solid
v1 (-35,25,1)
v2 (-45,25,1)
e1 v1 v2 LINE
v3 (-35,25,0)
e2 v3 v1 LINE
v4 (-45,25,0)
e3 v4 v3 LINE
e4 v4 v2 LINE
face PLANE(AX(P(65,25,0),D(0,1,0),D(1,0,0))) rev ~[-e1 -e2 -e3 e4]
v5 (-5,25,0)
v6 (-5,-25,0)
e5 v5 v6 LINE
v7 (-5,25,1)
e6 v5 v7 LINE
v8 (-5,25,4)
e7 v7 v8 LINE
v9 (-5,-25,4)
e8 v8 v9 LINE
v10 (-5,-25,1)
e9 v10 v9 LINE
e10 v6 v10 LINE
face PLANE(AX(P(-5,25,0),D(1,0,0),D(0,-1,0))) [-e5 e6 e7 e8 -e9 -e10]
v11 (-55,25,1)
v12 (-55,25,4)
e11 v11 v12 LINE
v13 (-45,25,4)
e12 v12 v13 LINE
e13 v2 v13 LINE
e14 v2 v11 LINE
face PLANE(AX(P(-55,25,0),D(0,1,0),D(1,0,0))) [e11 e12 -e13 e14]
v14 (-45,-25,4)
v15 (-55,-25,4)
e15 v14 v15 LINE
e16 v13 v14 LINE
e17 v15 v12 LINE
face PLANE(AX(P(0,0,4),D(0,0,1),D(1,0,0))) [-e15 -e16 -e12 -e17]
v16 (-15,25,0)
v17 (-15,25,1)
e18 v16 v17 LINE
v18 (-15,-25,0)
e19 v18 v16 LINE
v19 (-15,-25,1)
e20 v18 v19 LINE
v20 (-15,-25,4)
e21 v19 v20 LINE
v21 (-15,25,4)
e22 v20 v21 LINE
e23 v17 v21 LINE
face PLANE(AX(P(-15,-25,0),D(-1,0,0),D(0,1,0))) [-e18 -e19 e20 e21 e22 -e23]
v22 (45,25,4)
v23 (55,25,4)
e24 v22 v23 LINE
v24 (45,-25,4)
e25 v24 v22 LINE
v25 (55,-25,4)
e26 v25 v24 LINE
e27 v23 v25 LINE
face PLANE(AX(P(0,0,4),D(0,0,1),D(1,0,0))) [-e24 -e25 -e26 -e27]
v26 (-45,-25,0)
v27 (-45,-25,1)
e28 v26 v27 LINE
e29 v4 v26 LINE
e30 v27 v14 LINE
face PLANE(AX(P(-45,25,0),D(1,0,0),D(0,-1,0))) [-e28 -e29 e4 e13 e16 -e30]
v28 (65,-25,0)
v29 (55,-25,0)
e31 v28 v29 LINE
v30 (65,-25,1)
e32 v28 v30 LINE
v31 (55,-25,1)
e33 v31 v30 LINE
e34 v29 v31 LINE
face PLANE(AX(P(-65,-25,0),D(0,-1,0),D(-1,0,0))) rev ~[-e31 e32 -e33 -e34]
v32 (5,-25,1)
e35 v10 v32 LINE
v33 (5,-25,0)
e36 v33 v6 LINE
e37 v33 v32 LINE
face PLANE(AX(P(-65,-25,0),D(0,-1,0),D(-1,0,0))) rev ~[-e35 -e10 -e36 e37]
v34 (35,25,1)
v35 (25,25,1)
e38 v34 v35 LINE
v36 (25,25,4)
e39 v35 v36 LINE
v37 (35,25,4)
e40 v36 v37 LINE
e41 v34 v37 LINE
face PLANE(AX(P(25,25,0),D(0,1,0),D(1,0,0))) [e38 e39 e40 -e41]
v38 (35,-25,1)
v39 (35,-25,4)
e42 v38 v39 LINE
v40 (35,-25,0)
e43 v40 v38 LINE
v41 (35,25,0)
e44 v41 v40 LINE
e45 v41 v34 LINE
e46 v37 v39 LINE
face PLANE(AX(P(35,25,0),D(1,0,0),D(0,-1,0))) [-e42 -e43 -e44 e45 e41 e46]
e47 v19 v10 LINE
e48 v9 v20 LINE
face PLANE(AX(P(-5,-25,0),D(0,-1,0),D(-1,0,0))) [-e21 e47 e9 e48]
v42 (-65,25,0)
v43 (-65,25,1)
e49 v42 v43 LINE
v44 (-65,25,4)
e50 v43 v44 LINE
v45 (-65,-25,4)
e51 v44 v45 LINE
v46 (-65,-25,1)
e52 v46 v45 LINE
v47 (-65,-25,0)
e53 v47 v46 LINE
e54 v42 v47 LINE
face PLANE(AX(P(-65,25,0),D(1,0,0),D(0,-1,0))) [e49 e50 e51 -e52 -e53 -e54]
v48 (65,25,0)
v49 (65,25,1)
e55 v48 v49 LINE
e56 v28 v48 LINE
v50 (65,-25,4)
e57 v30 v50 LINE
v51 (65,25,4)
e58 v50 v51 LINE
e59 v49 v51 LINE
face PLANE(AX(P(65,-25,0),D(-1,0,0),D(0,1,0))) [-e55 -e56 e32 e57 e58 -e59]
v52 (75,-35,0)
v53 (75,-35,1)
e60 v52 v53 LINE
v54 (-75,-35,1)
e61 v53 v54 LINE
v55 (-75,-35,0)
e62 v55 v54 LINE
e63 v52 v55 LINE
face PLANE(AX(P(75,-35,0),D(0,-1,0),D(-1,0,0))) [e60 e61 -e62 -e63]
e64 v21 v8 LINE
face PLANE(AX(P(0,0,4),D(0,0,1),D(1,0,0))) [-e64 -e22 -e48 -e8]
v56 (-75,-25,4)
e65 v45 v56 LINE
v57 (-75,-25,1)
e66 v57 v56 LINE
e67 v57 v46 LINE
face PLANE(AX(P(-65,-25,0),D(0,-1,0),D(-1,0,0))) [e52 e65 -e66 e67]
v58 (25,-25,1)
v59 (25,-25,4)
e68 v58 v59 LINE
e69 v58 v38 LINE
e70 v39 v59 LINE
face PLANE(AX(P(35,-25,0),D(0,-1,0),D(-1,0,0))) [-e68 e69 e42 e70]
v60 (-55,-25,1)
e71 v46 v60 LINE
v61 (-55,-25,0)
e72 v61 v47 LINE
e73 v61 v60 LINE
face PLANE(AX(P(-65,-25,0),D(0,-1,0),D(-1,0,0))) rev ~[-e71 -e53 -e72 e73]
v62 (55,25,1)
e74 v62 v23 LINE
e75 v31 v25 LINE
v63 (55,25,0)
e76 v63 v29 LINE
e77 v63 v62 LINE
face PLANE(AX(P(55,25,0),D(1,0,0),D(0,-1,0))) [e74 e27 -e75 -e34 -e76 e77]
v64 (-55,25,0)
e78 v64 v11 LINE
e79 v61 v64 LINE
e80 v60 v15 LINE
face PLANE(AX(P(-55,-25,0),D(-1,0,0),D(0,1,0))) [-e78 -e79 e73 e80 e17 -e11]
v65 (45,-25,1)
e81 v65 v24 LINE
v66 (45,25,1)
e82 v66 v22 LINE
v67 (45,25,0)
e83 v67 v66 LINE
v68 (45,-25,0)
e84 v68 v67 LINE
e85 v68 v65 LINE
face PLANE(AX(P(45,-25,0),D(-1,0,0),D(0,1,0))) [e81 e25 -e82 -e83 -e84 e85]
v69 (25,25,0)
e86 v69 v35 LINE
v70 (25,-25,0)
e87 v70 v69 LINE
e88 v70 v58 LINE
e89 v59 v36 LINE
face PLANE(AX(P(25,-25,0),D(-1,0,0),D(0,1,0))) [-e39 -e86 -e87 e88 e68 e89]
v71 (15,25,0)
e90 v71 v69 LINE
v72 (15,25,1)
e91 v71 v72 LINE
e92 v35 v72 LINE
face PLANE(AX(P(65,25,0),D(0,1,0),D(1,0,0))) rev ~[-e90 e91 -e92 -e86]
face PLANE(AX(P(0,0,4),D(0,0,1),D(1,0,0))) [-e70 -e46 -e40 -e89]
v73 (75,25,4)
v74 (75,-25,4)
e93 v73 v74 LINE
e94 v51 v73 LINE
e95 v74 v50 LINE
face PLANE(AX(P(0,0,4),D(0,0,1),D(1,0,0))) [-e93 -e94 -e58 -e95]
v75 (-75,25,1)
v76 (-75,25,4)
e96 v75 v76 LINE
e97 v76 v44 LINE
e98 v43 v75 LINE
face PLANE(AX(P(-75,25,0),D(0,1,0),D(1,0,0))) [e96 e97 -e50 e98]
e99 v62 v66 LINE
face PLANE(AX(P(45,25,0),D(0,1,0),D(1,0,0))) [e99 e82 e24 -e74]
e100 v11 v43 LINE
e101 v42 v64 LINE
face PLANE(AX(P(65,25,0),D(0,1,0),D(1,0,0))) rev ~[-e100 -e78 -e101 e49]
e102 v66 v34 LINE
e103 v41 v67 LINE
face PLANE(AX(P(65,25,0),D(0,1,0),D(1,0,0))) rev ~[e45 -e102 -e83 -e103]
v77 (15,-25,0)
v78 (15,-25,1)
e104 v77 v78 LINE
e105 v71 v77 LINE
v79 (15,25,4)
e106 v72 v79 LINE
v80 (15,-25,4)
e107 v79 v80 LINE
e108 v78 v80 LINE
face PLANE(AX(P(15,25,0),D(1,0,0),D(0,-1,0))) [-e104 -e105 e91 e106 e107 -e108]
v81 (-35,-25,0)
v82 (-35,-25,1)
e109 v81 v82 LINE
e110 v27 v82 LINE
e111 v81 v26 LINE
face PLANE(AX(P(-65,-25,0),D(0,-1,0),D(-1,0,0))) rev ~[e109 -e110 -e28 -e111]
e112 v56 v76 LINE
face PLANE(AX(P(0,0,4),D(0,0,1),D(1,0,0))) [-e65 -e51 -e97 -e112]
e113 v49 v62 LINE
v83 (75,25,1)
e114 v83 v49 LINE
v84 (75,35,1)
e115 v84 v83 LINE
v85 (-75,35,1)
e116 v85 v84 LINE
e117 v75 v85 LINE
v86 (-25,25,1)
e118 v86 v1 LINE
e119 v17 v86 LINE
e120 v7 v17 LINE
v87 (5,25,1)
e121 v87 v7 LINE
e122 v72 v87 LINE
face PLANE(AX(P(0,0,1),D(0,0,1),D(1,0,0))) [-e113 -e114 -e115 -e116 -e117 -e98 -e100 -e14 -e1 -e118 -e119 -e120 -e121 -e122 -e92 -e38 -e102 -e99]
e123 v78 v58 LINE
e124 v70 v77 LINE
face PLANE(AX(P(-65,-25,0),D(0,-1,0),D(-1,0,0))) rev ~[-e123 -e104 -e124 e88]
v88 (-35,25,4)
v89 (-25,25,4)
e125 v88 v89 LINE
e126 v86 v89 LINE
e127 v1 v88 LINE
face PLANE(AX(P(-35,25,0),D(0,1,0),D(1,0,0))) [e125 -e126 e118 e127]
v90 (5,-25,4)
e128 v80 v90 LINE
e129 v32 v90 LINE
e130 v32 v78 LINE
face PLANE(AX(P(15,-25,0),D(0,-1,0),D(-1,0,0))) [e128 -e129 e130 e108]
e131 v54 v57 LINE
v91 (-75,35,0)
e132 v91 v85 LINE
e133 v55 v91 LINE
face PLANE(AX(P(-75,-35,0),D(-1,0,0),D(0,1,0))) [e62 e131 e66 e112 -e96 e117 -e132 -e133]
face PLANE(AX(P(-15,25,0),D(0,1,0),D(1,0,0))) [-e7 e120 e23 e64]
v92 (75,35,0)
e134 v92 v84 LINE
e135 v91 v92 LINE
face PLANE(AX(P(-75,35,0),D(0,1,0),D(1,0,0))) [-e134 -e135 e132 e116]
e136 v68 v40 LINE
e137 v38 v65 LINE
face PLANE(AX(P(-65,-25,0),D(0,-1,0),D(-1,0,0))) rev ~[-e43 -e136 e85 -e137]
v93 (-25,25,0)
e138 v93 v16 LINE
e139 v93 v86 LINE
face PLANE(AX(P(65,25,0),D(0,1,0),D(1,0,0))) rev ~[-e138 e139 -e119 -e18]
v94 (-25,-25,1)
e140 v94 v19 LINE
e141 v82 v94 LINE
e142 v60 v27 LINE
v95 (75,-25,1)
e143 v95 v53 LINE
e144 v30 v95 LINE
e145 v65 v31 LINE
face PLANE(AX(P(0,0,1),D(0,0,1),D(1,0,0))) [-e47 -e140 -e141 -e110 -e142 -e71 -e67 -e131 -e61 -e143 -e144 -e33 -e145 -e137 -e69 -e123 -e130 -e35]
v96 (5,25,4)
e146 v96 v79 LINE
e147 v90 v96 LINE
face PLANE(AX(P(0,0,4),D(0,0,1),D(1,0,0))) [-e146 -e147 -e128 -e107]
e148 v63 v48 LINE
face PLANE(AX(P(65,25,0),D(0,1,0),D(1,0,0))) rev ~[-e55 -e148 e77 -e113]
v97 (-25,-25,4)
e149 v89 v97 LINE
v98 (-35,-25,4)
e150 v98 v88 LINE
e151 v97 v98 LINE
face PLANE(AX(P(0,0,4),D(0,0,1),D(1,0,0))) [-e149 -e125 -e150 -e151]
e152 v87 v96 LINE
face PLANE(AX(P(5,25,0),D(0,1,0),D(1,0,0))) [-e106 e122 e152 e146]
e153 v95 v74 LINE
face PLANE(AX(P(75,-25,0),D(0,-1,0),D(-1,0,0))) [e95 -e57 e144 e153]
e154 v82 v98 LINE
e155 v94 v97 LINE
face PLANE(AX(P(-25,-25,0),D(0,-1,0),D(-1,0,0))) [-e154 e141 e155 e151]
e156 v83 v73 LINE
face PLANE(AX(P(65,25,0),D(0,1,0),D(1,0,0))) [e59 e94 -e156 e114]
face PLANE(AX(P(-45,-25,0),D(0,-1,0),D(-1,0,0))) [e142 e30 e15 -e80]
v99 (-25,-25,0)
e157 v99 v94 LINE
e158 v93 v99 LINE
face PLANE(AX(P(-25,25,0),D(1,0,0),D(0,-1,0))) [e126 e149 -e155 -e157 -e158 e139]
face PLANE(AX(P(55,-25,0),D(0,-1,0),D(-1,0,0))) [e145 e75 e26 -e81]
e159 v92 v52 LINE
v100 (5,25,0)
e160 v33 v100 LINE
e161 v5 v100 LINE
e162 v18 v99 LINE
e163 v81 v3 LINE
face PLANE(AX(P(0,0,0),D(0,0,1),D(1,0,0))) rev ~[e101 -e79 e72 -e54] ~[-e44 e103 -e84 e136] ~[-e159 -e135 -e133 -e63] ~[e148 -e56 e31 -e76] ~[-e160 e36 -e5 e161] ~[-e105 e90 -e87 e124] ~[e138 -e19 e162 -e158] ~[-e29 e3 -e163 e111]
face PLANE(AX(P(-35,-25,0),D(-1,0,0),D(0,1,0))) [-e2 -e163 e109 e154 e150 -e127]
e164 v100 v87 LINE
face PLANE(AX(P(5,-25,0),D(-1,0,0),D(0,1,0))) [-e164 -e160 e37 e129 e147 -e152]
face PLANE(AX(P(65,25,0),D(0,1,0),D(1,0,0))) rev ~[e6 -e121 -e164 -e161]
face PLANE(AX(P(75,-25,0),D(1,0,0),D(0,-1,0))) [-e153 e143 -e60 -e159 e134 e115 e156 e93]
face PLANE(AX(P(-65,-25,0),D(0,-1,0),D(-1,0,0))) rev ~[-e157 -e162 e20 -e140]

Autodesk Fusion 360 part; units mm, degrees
sketch "Sketch1" plane through (0, 0, 0) normal (0, 0, 1) x (1, 0, 0)
  line L0 (75, -35) -> (-75, -35)
  line L1 (-75, -35) -> (-75, 35)
  line L2 (-75, 35) -> (75, 35)
  line L3 (75, 35) -> (75, -35)
  line L4 (75, -35) -> (-75, 35) construction
  line L5 (-75, -35) -> (75, 35) construction
  line L6 (75, -25) -> (-75, -25)
  line L7 (-75, -25) -> (-75, 25)
  line L8 (-75, 25) -> (75, 25)
  line L9 (75, 25) -> (75, -25)
  line L10 (75, -25) -> (-75, 25) construction
  line L11 (-75, -25) -> (75, 25) construction
  line L12 (-75, 25) -> (-65, 25)
  line L13 (-65, 25) -> (-65, -25)
  line L14 (-65, -25) -> (-75, -25)
  line L15 (-75, -25) -> (-75, 25)
  line L16 (-55, 25) -> (-45, 25)
  line L17 (-45, 25) -> (-45, -25)
  line L18 (-45, -25) -> (-55, -25)
  line L19 (-55, -25) -> (-55, 25)
  line L20 (-35, 25) -> (-25, 25)
  line L21 (-25, 25) -> (-25, -25)
  line L22 (-25, -25) -> (-35, -25)
  line L23 (-35, -25) -> (-35, 25)
  line L24 (-15, 25) -> (-5, 25)
  line L25 (-5, 25) -> (-5, -25)
  line L26 (-5, -25) -> (-15, -25)
  line L27 (-15, -25) -> (-15, 25)
  line L28 (5, 25) -> (15, 25)
  line L29 (15, 25) -> (15, -25)
  line L30 (15, -25) -> (5, -25)
  line L31 (5, -25) -> (5, 25)
  line L32 (25, 25) -> (35, 25)
  line L33 (35, 25) -> (35, -25)
  line L34 (35, -25) -> (25, -25)
  line L35 (25, -25) -> (25, 25)
  line L36 (45, 25) -> (55, 25)
  line L37 (55, 25) -> (55, -25)
  line L38 (55, -25) -> (45, -25)
  line L39 (45, -25) -> (45, 25)
  line L40 (65, 25) -> (75, 25)
  line L41 (75, 25) -> (75, -25)
  line L42 (75, -25) -> (65, -25)
  line L43 (65, -25) -> (65, 25)
  dimension "d1" = 150
  dimension "d2" = 70
  dimension "d3" = 150
  dimension "d4" = 50
  dimension "d5" = 10
  dimension "d8" = 140
  dimension "d9" = 0
extrude "Extrude1" add sketch "Sketch1" along normal blind 4 contours L3 L6 L8 L9 L40 L41 L42 L43 | L1 L6 L7 L8 L12 L13 L14 L15 | L6 L8 L36 L37 L38 L39 | L6 L8 L16 L17 L18 L19 | L6 L8 L32 L33 L34 L35 | L6 L8 L20 L21 L22 L23 | L6 L8 L28 L29 L30 L31 | L6 L8 L24 L25 L26 L27 makes body 1 at (-31.6667, 8.3333, 0) makes body 2 at (-71.6667, 8.3333, 0) makes body 3 at (31.6667, -8.3333, 0) makes body 4 at (-51.6667, 8.3333, 0) makes body 5 at (68.3333, -8.3333, 0) makes body 6 at (11.6667, -8.3333, 0) makes body 7 at (51.6667, -8.3333, 0) makes body 8 at (-11.6667, 8.3333, 0)
extrude "Extrude2" add sketch "Sketch1" along normal blind 1 contours L0 L1 L3 L6 L14 L18 L22 L26 L30 L34 L38 L42 | L1 L2 L3 L8 L12 L16 L20 L24 L28 L32 L36 L40 bodies 1 2 3 4 5 6 7 8
